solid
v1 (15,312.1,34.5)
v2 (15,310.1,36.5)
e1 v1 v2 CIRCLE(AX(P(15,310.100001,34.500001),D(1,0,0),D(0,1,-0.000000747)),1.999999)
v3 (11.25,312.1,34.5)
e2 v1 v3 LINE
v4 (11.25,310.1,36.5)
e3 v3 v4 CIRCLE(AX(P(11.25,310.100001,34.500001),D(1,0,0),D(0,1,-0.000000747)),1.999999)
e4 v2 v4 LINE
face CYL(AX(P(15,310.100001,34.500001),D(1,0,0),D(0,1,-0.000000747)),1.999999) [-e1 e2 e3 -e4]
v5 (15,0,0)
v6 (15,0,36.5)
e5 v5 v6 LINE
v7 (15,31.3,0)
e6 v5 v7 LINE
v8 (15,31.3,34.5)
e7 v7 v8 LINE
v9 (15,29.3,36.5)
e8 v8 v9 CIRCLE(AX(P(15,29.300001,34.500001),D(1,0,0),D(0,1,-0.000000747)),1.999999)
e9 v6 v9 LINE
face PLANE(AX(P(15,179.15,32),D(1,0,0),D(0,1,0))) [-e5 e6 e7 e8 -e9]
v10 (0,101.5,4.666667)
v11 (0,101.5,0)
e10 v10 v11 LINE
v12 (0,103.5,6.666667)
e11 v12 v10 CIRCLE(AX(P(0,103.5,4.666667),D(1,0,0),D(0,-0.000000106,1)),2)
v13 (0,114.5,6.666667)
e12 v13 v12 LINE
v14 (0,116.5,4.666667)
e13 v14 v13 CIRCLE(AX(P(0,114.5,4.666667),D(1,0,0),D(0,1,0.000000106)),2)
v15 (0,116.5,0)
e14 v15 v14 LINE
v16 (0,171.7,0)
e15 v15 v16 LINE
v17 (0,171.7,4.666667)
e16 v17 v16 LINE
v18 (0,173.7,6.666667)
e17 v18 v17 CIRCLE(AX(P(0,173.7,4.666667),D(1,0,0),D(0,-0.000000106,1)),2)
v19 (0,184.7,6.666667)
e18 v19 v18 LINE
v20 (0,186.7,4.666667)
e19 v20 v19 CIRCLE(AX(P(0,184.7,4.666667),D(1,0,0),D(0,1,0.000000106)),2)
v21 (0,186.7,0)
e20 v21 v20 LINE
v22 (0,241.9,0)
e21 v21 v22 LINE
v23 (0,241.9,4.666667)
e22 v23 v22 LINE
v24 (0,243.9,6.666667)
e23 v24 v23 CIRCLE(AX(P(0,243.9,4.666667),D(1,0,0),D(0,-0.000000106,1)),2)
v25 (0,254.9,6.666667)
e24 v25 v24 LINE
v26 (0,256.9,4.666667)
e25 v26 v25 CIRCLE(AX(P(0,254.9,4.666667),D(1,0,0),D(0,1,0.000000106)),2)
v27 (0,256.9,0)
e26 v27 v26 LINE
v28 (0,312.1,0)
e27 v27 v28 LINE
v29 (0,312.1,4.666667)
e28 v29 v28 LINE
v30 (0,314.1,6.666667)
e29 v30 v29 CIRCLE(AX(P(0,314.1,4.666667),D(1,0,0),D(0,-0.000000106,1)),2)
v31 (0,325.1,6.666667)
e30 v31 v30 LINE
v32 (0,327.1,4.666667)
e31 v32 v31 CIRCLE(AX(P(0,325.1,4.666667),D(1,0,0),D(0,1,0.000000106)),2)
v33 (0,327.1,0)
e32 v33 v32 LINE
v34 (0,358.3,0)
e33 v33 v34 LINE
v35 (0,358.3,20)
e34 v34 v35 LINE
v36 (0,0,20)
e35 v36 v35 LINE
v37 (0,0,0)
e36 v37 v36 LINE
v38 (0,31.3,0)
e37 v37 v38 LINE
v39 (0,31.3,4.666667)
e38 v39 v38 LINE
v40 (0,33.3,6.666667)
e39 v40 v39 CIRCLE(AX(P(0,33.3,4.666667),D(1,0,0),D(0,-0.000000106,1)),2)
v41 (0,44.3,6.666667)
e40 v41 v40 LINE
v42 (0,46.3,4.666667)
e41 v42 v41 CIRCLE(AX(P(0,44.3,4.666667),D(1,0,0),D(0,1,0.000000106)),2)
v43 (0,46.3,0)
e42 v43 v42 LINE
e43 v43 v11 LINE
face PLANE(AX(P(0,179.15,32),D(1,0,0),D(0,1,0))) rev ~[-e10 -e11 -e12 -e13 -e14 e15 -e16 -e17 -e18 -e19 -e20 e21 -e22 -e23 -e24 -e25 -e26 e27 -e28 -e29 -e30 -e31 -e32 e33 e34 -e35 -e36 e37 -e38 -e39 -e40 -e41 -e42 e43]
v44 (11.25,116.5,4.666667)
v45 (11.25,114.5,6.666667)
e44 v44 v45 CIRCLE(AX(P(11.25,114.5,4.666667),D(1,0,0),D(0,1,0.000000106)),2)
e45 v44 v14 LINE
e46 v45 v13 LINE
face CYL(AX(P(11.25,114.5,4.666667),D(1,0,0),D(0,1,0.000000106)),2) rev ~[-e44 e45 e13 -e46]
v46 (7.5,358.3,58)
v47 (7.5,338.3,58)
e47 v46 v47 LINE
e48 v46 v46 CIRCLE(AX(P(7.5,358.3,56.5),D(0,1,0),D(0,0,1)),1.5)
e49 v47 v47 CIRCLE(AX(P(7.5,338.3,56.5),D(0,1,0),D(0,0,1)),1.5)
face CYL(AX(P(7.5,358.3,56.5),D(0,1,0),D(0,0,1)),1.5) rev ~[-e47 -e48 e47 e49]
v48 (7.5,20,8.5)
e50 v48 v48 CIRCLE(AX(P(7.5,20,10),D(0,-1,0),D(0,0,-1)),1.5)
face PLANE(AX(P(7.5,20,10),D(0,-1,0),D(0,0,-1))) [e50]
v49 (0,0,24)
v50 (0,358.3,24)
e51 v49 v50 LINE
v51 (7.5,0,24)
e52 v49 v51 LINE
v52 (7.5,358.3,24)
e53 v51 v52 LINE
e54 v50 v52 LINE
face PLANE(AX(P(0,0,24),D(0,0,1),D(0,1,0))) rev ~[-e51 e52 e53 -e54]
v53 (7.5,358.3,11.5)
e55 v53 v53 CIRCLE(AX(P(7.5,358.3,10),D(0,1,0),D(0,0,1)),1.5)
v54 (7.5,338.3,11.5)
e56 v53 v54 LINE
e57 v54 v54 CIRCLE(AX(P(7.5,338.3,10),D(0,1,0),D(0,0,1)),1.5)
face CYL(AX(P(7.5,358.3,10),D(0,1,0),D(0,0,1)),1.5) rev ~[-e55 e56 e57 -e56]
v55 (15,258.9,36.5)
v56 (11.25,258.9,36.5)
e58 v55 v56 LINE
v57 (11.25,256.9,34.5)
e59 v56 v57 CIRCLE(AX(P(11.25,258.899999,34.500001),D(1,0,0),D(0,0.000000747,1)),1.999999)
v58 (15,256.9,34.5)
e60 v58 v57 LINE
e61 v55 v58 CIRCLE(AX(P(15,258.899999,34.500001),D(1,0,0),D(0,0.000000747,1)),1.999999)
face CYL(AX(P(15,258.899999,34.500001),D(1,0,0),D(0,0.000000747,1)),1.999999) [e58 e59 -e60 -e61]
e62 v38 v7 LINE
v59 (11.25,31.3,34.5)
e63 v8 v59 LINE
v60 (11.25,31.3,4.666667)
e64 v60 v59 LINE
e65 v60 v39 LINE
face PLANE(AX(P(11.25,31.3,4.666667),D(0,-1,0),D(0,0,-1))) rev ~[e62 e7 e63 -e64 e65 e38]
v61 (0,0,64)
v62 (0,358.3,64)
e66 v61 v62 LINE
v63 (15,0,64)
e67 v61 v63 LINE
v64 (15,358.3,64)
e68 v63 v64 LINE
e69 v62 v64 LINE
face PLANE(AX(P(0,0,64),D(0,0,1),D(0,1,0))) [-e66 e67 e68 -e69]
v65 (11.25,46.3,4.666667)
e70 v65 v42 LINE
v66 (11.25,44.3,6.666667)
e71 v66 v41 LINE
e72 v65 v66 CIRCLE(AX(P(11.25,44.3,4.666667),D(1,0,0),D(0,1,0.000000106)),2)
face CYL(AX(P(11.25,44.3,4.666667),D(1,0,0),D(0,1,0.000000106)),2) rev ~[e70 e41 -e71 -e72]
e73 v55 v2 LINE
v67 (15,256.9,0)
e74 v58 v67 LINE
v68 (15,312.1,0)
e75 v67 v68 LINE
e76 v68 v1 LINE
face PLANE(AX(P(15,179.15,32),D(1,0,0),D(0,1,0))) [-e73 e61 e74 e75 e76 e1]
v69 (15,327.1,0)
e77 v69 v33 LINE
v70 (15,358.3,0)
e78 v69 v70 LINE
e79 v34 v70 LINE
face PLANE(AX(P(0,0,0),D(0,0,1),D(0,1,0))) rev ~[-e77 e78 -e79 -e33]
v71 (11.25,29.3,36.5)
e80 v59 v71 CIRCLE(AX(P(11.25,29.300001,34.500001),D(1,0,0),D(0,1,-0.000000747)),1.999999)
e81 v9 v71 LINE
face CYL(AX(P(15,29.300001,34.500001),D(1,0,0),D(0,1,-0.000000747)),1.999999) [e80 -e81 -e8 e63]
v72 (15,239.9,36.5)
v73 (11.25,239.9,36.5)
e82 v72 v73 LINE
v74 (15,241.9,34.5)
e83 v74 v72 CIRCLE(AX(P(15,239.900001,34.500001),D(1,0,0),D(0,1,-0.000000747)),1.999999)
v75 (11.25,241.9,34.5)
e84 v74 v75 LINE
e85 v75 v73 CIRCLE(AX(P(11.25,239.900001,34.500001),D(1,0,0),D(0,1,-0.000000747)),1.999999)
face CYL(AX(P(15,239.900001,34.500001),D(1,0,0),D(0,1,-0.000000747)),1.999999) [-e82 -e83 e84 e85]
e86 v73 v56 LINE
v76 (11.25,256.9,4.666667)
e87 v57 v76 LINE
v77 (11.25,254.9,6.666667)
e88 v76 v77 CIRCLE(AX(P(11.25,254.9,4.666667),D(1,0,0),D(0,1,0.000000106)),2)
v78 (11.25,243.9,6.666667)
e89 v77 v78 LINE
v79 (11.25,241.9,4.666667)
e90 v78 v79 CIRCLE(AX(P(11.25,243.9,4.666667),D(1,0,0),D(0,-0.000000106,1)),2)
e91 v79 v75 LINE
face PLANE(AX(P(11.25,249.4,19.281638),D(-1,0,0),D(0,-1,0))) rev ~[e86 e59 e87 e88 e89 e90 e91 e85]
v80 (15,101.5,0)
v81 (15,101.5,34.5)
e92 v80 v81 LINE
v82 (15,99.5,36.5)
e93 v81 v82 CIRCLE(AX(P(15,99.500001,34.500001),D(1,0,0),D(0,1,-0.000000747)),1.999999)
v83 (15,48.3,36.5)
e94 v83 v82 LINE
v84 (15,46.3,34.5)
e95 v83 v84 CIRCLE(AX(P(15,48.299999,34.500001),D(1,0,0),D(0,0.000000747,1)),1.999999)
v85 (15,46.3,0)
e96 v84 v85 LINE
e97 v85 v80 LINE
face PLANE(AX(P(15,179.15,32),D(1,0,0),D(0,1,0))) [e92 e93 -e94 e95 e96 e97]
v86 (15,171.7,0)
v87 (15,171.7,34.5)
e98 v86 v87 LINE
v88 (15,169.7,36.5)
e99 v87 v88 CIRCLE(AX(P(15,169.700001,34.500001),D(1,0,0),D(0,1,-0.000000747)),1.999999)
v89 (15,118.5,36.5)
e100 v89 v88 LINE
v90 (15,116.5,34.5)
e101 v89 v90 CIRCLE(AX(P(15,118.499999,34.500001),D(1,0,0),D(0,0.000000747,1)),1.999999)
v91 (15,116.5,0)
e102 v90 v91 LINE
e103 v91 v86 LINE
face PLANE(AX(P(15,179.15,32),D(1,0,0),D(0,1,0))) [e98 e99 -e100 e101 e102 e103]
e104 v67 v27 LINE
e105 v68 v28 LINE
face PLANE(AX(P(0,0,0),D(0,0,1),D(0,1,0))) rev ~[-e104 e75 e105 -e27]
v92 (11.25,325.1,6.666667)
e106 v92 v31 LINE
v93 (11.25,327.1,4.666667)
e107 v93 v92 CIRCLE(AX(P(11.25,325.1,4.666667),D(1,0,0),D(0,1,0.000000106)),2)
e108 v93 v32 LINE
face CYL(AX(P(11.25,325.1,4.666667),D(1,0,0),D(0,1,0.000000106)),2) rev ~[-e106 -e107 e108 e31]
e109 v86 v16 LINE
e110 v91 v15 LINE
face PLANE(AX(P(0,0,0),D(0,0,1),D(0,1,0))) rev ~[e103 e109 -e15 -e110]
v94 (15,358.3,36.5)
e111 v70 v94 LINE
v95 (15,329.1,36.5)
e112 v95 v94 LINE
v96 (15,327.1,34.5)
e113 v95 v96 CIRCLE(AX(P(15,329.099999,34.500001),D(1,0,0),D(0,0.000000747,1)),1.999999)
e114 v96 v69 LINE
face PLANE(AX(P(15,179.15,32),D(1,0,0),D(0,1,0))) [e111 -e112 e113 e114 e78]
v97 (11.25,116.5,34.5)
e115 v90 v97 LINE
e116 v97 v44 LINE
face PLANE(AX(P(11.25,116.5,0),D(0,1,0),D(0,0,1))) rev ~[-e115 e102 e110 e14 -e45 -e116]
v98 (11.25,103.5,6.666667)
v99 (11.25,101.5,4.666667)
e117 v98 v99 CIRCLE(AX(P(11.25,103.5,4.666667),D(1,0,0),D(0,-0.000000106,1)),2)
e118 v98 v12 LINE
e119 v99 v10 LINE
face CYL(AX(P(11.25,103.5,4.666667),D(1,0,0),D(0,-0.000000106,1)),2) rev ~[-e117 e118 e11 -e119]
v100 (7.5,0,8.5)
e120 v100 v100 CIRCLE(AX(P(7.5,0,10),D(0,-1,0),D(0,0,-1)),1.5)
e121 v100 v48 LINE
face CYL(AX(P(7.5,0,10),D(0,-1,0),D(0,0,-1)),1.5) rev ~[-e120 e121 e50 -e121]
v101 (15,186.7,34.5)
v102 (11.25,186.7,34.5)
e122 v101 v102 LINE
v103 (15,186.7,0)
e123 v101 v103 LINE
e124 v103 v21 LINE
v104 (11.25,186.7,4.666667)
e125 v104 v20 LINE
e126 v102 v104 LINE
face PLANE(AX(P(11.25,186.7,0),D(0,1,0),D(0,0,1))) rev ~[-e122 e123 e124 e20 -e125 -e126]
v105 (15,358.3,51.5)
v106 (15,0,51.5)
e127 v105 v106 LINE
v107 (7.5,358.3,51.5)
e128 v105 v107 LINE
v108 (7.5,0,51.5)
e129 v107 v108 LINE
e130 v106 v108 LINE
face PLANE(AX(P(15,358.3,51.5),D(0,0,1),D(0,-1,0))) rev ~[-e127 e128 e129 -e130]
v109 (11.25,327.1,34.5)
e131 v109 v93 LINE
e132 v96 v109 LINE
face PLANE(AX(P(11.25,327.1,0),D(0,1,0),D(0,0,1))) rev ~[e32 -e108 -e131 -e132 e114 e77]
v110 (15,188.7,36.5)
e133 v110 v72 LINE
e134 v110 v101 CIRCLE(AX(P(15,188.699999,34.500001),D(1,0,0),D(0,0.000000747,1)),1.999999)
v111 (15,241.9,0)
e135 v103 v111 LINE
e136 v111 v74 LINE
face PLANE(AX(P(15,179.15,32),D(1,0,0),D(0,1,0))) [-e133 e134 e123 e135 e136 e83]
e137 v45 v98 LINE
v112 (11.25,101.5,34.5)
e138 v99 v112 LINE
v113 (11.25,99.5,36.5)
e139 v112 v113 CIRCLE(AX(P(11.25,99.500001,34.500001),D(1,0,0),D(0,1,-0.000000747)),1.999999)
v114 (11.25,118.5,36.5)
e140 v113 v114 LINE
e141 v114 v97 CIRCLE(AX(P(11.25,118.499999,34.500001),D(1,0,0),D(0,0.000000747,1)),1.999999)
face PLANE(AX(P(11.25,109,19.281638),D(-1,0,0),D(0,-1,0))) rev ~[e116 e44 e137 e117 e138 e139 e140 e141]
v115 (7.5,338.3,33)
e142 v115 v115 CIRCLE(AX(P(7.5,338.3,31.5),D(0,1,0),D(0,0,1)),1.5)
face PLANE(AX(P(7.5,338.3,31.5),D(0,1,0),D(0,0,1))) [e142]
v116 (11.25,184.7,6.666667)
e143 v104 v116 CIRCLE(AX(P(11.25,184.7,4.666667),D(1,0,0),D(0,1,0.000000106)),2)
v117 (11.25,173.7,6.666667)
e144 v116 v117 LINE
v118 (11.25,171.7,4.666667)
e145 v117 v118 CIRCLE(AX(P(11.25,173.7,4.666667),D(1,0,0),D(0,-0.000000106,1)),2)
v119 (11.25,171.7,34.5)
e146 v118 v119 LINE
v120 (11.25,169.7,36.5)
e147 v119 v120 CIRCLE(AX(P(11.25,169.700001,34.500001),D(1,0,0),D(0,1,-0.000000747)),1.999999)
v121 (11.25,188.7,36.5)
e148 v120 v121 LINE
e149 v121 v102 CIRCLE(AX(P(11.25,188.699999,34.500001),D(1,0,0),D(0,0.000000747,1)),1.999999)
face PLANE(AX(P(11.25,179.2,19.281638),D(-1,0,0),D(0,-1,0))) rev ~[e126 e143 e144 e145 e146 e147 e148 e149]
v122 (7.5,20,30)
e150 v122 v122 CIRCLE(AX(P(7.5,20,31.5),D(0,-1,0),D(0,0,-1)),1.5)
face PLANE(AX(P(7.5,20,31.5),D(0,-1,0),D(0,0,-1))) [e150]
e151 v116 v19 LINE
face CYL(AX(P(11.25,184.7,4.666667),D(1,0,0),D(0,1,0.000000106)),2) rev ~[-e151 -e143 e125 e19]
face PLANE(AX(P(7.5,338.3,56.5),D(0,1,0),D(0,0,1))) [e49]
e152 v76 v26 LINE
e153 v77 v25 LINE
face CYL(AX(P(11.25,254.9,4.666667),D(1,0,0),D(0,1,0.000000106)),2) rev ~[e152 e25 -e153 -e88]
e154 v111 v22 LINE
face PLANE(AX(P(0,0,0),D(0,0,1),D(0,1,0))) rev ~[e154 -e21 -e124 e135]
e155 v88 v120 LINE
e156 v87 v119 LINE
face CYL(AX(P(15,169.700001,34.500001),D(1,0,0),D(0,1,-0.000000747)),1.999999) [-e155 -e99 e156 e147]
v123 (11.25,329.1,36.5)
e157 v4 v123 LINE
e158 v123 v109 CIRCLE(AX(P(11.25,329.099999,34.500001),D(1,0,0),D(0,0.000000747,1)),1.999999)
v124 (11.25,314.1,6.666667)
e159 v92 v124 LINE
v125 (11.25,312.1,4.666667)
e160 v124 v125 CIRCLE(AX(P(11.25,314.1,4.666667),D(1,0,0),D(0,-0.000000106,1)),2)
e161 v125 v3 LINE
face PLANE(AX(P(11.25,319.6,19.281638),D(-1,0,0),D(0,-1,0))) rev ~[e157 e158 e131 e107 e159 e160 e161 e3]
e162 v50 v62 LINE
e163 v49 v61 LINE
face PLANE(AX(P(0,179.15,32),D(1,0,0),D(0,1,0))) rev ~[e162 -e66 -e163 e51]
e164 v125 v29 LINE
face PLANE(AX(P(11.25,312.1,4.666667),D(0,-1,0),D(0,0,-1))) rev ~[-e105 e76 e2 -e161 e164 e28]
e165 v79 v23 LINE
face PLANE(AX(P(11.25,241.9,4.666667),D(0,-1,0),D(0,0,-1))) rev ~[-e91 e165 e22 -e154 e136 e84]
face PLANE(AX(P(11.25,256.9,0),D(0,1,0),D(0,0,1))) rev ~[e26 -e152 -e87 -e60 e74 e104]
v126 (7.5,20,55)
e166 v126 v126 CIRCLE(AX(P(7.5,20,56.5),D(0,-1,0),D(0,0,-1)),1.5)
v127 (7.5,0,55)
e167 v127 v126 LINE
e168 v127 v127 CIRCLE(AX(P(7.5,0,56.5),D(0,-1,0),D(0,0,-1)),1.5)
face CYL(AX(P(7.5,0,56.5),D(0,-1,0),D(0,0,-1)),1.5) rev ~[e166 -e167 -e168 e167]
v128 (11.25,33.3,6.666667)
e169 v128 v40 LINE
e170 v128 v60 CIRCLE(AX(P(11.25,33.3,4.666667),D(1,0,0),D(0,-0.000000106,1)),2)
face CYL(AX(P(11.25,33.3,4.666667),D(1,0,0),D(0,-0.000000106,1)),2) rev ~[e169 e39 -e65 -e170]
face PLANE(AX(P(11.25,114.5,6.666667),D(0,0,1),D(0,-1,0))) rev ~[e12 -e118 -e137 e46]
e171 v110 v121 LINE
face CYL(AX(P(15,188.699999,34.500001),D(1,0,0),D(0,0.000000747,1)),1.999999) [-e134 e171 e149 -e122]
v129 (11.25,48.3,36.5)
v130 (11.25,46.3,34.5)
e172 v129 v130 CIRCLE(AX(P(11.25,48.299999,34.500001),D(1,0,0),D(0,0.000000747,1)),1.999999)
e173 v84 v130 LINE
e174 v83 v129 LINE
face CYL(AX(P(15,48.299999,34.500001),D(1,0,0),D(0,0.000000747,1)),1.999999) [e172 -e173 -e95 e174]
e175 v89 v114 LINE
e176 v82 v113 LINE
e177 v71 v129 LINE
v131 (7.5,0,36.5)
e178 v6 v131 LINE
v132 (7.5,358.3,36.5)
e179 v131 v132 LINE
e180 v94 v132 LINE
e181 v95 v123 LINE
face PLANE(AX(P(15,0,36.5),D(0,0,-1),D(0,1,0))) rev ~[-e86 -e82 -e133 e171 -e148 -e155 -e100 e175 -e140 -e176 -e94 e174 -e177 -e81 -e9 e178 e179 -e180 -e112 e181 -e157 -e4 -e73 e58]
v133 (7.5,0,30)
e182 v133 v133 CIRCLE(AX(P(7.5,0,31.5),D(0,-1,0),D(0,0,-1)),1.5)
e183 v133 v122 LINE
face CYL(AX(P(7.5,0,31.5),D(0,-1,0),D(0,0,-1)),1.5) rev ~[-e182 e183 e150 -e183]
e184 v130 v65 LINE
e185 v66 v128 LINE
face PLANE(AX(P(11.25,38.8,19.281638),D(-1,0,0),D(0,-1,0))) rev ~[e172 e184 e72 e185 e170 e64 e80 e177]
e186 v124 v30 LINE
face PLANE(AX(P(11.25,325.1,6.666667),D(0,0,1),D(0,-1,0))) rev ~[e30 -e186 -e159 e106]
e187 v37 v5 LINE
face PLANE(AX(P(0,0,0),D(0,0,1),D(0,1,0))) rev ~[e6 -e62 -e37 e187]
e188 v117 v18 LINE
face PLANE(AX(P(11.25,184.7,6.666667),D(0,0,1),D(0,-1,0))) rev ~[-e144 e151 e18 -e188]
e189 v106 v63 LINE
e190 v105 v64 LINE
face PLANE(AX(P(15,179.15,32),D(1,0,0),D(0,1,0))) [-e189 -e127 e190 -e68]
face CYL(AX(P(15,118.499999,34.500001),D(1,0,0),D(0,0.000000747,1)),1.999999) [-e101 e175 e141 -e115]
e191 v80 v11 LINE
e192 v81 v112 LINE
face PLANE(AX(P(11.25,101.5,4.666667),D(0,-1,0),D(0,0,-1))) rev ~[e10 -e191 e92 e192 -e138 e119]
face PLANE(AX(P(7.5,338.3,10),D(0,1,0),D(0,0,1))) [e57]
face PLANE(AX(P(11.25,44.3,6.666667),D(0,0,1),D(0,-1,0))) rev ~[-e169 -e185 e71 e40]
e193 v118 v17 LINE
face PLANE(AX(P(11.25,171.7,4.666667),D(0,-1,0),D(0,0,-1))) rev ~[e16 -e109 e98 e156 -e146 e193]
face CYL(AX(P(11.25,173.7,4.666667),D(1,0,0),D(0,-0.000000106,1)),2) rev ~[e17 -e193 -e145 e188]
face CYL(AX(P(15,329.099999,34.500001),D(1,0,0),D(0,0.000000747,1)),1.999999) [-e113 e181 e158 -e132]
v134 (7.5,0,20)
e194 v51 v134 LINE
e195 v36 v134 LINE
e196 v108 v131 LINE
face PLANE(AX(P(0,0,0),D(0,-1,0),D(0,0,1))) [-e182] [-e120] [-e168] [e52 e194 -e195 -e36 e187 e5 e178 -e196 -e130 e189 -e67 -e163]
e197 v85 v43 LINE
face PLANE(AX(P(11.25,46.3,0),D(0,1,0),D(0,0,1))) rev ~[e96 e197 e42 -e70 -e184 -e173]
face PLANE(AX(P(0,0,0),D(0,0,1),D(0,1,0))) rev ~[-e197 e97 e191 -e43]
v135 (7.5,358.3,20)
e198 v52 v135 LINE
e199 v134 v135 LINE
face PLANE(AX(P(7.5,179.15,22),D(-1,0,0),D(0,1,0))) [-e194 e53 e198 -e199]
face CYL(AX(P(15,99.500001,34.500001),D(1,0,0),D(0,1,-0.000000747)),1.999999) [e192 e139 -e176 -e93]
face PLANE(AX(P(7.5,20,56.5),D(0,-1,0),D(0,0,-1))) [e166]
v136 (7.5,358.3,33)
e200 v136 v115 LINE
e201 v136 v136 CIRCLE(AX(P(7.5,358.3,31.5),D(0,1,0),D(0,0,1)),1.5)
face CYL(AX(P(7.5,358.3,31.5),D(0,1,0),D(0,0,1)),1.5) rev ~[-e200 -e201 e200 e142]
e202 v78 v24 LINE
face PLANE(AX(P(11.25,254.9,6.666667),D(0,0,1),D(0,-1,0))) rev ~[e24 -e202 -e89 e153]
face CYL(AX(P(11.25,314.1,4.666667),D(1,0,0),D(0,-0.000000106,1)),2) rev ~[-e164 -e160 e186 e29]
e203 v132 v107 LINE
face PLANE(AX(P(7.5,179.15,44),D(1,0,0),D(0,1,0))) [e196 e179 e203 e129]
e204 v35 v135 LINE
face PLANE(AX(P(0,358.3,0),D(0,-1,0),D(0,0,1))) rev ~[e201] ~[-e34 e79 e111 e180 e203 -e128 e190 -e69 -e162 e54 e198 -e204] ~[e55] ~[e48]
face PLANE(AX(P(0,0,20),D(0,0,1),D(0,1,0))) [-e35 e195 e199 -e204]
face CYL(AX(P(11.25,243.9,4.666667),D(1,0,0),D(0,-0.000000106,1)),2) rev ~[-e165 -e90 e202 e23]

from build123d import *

# Parameters (mm, degrees)
SKETCH_W               = 358.3
SKETCH_H               = 64
PAD_DEPTH              = 15
SKETCH001_W            = 358.3
SKETCH001_H            = 4
POCKET_DEPTH           = 7.5
SKETCH002_R            = 1.5
POCKET001_DEPTH        = 20
SKETCH003_R            = 1.5
POCKET002_DEPTH        = 20
POCKET003_DEPTH        = 7.5
POCKET004_DEPTH        = 3.75
LINEARPATTERN_COUNT    = 5
LINEARPATTERN_PITCH    = 70.2
POCKET005_DEPTH        = 739.810922
LINEARPATTERN001_COUNT = 5
LINEARPATTERN001_PITCH = 70.2


with BuildPart() as part:
    # Sketch → Pad (new body)
    with BuildSketch(Plane.YZ):
        with Locations((179.15, 32)):
            Rectangle(SKETCH_W, SKETCH_H)
    extrude(amount=PAD_DEPTH)

    # Sketch001 (on Face5 of Pad) → Pocket (cut)
    with BuildSketch(Plane(origin=(0, 0, 0), x_dir=(0, 1, 0), z_dir=(-1, 0, 0))):
        with Locations((179.15, -22)):
            Rectangle(SKETCH001_W, SKETCH001_H)
    extrude(amount=-POCKET_DEPTH, mode=Mode.SUBTRACT)

    # Sketch002 (on Face3 of Pocket) → Pocket001 (cut)
    with BuildSketch(Plane(origin=(0, 0, 0), x_dir=(0, 0, -1), z_dir=(0, -1, 0))):
        with Locations((-56.5, 7.5)):
            Circle(SKETCH002_R)
        with Locations((-31.5, 7.5)):
            Circle(SKETCH002_R)
        with Locations((-10, 7.5)):
            Circle(SKETCH002_R)
    extrude(amount=-POCKET001_DEPTH, mode=Mode.SUBTRACT)

    # Sketch003 (on Face2 of Pocket001) → Pocket002 (cut)
    with BuildSketch(Plane.ZX.offset(358.3)):
        with Locations((10, 7.5)):
            Circle(SKETCH003_R)
        with Locations((31.5, 7.5)):
            Circle(SKETCH003_R)
        with Locations((56.5, 7.5)):
            Circle(SKETCH003_R)
    extrude(amount=-POCKET002_DEPTH, mode=Mode.SUBTRACT)

    # Sketch004 (on Face5 of Pocket002) → Pocket003 (cut)
    with BuildSketch(Plane.YZ.offset(15)):
        Polygon((0, 36.5), (358.3, 36.5), (358.3, 51.5), (0, 51.5), (0, 44), align=None)
    extrude(amount=-POCKET003_DEPTH, mode=Mode.SUBTRACT)

    # Sketch005 (on Face5 of Pocket003) → Pocket004 (cut)
    with BuildSketch(Plane.YZ.offset(15)):
        with BuildLine():
            Line((46.3, 34.5), (46.3, 0))
            Line((46.3, 0), (31.3, 0))
            Line((31.3, 0), (31.3, 34.5))
            ThreePointArc((31.3, 34.5), (30.714214, 35.914214), (29.3, 36.5))
            Line((29.3, 36.5), (48.3, 36.5))
            ThreePointArc((48.3, 36.5), (46.885786, 35.914214), (46.3, 34.5))
        make_face()
    pocket004 = extrude(amount=-POCKET004_DEPTH, mode=Mode.SUBTRACT)

    # LinearPattern: Pocket004 ×5
    with Locations(*[(0, i * LINEARPATTERN_PITCH, 0) for i in range(1, LINEARPATTERN_COUNT)]):
        add(pocket004, mode=Mode.SUBTRACT)

    # Sketch006 (on Face6 of MultiTransform) → Pocket005 (cut, through all)
    with BuildSketch(Plane.YZ.offset(11.25)):
        with BuildLine():
            Line((31.3, 0), (46.3, 0))
            Line((46.3, 0), (46.3, 4.666667))
            ThreePointArc((46.3, 4.666667), (45.714214, 6.08088), (44.3, 6.666667))
            Line((44.3, 6.666667), (33.3, 6.666667))
            ThreePointArc((33.3, 6.666667), (31.885786, 6.08088), (31.3, 4.666667))
            Line((31.3, 4.666667), (31.3, 0))
        make_face()
    pocket005 = extrude(amount=-POCKET005_DEPTH, mode=Mode.SUBTRACT)

    # LinearPattern001: Pocket005 ×5
    with Locations(*[(0, i * LINEARPATTERN001_PITCH, 0) for i in range(1, LINEARPATTERN001_COUNT)]):
        add(pocket005, mode=Mode.SUBTRACT)


solid = part.part
